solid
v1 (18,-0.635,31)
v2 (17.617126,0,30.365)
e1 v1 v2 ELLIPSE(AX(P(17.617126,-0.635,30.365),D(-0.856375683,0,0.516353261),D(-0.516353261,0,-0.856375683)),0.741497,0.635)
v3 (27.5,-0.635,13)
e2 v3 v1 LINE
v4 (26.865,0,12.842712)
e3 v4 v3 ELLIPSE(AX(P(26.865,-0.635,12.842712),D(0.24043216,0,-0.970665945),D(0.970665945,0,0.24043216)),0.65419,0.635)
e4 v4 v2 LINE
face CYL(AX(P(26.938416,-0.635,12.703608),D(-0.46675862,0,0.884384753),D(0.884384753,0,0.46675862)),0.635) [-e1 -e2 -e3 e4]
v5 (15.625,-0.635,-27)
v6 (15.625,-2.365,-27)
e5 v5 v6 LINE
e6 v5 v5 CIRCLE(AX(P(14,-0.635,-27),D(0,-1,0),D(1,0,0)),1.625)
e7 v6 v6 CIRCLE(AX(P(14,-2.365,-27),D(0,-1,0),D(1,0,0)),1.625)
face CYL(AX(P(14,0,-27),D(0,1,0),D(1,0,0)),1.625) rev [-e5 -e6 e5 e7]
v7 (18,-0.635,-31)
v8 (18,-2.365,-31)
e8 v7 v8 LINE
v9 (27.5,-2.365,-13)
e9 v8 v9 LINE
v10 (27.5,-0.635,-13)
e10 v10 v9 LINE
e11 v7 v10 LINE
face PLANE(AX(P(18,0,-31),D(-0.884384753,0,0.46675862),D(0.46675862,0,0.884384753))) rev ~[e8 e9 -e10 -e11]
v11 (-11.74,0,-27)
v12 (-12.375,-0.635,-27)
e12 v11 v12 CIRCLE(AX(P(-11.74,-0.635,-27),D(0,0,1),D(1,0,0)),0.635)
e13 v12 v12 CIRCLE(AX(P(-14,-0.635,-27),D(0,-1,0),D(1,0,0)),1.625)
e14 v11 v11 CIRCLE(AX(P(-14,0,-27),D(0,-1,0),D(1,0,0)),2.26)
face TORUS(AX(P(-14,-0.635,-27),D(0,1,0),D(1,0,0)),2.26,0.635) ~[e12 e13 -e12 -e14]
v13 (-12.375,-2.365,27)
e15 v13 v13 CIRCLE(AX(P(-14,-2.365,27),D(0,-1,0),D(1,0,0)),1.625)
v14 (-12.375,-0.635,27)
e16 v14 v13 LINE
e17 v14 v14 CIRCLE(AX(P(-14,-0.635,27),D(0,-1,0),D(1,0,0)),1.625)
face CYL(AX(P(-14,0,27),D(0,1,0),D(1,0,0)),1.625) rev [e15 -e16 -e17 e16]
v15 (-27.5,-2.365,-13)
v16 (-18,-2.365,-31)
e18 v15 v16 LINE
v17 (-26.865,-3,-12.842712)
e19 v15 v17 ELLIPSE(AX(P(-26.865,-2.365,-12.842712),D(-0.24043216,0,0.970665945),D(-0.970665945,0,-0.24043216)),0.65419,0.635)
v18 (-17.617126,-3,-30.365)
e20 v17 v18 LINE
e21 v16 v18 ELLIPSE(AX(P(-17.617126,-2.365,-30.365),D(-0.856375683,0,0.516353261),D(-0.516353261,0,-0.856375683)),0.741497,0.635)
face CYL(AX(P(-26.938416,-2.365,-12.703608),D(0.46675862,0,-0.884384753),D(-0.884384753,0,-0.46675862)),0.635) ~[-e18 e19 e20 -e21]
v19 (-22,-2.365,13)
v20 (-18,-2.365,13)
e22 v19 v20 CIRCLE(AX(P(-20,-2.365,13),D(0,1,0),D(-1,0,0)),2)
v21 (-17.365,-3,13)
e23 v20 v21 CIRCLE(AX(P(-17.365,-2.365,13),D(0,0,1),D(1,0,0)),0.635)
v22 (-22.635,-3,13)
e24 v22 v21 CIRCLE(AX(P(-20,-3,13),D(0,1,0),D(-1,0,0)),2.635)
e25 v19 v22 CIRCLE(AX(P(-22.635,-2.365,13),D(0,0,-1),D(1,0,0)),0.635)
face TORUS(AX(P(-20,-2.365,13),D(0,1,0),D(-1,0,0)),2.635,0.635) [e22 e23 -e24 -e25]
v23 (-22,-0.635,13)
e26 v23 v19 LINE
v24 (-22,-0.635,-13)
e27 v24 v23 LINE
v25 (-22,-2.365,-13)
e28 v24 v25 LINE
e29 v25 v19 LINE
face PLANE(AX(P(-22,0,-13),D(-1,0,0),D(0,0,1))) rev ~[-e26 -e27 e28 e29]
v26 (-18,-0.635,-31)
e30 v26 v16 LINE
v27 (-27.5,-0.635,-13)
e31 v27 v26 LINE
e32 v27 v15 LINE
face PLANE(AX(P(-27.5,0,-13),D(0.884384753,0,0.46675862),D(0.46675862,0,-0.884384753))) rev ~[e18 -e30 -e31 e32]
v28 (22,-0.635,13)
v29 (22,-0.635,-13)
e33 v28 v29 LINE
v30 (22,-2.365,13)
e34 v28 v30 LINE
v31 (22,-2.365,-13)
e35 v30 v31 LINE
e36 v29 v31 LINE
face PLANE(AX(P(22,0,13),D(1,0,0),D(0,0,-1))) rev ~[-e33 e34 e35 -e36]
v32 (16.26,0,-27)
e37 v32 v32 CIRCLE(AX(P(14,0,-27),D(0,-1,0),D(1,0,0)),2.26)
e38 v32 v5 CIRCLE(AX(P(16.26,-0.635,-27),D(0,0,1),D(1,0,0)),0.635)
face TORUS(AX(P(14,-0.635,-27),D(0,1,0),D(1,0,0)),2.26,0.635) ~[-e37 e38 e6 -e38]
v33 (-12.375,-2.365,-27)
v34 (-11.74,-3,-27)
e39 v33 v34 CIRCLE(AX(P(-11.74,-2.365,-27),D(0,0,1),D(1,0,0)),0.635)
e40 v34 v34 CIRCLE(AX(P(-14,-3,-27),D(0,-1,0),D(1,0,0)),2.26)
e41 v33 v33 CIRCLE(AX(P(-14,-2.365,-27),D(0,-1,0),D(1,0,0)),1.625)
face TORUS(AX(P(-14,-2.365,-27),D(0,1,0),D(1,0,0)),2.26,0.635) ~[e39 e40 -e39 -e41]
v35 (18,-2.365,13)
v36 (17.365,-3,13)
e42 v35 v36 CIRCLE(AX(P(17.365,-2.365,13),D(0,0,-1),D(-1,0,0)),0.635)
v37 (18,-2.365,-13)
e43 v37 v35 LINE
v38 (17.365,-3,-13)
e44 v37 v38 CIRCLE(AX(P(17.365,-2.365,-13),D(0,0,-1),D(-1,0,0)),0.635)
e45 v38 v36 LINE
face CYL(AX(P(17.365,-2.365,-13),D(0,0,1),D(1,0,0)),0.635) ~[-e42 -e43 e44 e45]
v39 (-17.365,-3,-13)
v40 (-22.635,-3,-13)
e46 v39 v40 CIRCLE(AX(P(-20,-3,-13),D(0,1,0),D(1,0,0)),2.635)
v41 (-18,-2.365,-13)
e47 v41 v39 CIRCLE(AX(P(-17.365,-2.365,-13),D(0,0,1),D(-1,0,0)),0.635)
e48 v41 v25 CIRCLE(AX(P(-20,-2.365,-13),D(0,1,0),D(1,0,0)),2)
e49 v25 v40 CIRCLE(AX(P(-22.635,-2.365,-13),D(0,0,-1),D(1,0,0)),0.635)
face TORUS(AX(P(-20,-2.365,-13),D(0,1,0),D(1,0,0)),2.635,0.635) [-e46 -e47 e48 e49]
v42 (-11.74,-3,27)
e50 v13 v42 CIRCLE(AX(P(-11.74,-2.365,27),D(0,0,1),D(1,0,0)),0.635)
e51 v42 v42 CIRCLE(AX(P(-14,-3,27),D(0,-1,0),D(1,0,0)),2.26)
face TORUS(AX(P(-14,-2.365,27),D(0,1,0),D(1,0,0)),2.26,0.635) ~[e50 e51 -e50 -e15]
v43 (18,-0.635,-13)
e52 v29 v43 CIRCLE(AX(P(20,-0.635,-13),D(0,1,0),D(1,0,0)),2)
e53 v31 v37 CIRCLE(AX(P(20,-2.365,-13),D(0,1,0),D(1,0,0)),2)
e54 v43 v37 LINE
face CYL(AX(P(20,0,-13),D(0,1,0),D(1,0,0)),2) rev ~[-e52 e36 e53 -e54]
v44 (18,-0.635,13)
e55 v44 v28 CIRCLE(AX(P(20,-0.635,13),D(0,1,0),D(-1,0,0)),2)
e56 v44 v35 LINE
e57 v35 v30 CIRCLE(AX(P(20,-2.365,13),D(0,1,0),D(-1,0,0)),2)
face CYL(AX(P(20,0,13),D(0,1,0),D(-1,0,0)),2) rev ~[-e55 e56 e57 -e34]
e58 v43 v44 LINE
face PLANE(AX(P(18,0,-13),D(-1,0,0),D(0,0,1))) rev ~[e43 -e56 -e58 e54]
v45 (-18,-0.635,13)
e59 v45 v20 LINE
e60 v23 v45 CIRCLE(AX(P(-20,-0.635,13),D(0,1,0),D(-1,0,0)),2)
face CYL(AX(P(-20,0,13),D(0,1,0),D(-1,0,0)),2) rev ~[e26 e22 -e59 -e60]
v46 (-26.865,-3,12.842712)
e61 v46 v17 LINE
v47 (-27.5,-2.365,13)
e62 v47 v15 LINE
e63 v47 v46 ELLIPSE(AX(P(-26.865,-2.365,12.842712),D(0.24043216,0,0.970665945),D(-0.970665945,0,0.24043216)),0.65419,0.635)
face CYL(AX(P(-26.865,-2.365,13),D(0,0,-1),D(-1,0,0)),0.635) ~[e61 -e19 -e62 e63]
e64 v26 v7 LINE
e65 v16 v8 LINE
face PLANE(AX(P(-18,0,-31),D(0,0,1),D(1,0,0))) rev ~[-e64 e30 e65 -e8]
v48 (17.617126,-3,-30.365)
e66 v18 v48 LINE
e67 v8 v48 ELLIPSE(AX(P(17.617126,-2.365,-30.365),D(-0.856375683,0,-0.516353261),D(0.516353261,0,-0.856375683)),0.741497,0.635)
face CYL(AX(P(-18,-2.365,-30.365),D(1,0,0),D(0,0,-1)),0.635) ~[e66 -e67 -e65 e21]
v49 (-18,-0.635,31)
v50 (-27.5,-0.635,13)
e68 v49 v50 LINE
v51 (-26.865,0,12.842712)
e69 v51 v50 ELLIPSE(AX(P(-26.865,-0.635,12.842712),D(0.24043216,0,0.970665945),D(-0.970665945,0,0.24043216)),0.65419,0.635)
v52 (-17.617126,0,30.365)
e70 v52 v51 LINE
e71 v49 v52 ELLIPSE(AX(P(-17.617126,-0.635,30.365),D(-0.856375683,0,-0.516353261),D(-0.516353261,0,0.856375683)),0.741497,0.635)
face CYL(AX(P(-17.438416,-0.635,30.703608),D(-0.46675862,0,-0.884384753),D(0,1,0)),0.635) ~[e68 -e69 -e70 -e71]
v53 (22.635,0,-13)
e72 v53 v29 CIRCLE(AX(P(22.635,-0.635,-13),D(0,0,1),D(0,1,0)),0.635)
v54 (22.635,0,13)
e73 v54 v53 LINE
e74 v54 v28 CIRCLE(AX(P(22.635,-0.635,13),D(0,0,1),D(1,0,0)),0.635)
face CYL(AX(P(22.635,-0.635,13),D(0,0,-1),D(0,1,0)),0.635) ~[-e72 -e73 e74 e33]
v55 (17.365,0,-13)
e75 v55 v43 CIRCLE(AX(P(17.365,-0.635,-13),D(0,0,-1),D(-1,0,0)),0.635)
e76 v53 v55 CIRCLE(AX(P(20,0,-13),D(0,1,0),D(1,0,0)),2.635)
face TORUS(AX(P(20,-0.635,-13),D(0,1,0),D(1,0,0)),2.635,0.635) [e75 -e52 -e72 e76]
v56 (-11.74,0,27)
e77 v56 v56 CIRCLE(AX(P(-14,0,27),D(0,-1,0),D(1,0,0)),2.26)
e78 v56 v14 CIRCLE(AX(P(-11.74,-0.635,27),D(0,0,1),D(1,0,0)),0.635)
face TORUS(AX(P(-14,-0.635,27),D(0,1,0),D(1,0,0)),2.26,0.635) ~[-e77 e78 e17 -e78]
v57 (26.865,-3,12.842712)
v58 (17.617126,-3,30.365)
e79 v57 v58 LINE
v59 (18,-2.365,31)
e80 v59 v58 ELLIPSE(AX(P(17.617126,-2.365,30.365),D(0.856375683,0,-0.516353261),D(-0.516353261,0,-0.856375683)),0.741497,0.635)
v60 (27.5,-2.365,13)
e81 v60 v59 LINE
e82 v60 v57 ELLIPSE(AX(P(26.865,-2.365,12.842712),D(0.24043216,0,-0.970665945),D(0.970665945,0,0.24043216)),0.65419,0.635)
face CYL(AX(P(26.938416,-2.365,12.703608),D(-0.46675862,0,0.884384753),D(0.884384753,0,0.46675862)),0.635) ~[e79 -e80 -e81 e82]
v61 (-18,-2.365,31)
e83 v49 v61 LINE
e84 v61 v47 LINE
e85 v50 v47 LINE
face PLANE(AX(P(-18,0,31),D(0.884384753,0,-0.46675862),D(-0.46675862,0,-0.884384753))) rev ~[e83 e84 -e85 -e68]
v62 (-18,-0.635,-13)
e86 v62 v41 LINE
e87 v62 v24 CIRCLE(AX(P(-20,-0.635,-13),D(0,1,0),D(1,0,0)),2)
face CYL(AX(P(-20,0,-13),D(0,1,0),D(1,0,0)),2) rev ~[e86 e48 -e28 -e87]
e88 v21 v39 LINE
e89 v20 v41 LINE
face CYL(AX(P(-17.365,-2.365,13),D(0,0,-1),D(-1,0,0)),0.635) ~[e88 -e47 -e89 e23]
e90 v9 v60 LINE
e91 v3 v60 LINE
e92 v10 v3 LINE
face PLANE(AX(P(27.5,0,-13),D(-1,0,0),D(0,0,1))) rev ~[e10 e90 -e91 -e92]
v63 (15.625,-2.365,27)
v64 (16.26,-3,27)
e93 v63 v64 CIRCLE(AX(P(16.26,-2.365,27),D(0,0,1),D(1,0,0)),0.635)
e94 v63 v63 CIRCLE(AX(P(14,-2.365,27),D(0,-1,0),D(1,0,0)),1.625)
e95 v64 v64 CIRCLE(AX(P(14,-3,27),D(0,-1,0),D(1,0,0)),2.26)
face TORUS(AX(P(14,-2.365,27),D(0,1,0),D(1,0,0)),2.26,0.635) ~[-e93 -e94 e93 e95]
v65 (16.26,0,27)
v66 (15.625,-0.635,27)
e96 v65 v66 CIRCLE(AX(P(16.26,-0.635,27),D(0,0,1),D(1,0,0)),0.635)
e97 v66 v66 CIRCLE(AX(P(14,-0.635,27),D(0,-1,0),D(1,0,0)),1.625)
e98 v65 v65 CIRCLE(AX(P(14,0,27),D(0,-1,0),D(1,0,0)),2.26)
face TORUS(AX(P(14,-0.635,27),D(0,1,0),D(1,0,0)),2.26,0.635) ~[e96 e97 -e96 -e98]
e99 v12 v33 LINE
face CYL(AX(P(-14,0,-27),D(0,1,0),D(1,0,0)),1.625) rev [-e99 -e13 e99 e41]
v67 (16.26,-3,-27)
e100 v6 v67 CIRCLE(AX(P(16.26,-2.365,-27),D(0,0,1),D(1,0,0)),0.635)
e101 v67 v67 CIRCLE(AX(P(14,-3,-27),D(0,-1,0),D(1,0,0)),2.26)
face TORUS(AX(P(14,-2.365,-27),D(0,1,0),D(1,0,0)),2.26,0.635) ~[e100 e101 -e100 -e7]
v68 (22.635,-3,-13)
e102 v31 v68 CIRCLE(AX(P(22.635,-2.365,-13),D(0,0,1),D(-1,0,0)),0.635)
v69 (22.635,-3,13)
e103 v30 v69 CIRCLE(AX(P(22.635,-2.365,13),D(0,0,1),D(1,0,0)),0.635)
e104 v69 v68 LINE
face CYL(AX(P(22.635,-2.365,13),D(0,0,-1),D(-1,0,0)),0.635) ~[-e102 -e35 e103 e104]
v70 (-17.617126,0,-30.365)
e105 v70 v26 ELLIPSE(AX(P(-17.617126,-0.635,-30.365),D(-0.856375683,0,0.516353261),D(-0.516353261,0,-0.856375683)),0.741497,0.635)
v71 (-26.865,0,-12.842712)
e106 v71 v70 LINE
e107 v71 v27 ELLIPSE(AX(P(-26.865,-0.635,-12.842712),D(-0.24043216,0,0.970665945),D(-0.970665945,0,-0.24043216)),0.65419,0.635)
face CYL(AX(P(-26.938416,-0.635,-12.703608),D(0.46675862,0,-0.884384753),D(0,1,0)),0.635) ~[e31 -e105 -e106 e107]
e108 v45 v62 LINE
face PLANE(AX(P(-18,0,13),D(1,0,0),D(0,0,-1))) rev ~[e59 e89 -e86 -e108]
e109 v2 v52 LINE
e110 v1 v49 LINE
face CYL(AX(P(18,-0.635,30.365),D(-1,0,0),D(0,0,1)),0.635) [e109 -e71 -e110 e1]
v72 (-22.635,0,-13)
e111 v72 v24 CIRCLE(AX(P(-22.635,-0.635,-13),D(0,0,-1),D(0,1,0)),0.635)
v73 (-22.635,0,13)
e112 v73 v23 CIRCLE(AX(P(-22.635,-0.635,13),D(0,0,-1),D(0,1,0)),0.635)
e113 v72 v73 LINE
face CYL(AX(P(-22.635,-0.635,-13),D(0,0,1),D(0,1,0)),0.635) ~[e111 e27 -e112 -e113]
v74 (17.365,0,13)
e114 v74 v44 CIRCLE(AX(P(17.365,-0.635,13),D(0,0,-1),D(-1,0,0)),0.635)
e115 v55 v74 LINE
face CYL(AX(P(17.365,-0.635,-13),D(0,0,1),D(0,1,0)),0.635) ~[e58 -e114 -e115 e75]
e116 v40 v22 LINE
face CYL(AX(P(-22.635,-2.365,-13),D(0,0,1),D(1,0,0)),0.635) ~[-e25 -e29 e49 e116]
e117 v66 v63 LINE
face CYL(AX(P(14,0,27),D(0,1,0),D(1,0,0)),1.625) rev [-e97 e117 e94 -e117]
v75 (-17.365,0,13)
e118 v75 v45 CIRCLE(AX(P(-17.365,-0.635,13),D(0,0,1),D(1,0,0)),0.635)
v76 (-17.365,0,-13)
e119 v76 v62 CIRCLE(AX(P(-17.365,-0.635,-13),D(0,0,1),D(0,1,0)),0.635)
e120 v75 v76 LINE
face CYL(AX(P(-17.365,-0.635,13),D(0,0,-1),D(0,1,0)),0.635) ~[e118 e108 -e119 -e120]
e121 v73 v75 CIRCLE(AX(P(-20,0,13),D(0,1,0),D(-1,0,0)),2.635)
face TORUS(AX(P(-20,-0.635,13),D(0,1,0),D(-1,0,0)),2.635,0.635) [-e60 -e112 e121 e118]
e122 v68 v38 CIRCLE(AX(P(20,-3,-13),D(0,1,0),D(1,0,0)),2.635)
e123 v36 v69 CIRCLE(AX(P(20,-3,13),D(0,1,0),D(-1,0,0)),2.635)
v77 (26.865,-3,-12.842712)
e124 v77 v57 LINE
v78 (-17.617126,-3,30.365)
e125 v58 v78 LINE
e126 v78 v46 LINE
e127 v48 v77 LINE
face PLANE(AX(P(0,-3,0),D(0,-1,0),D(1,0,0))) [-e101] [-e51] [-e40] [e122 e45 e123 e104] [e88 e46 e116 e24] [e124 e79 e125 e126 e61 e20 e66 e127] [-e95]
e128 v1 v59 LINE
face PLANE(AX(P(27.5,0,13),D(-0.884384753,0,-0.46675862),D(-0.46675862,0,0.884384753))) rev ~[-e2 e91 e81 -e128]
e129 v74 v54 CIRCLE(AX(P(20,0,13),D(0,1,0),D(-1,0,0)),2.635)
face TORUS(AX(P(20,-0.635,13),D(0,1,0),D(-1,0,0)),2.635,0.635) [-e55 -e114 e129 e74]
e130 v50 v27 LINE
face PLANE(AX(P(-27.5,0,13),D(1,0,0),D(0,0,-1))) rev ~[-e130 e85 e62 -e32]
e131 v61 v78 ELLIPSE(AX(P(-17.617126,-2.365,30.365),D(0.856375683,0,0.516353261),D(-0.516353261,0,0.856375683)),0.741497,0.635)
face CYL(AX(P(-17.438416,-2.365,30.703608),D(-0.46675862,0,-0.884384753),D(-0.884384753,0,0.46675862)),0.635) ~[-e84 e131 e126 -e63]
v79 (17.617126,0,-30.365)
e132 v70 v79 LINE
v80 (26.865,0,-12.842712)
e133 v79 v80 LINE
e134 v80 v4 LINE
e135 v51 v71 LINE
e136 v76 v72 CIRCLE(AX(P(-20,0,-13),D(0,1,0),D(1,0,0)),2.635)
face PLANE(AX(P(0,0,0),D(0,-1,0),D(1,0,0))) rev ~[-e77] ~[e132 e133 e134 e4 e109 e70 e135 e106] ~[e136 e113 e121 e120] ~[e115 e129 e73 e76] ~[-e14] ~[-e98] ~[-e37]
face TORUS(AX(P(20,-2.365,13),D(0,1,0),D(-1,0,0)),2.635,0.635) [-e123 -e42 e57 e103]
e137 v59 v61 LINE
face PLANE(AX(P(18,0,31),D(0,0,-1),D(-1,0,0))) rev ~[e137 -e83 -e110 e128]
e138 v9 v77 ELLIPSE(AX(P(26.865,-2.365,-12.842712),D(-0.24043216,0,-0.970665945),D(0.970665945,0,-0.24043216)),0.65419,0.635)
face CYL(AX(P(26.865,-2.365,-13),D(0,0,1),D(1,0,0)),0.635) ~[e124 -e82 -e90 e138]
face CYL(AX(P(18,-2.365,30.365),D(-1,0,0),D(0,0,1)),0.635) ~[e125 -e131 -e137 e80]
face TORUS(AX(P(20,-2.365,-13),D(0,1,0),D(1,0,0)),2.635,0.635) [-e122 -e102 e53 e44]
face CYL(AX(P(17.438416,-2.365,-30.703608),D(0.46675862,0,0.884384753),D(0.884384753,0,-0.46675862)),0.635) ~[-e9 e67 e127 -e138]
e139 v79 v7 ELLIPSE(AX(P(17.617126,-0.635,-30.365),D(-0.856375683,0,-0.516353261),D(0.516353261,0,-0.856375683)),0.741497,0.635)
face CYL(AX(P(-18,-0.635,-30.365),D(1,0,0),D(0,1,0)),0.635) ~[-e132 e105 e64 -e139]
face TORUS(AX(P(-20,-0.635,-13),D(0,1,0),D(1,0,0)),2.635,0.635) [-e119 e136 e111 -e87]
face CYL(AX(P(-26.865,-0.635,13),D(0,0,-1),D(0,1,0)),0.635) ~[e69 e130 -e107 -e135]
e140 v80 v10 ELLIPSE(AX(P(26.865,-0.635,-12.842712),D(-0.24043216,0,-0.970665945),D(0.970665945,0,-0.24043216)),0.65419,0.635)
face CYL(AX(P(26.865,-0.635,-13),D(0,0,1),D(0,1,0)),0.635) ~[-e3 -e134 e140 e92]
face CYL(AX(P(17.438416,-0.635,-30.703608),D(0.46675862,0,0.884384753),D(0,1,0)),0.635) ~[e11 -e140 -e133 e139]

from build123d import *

# Parameters (mm, degrees)
F0_R     = 1.625
F1_DEPTH = 3
F2_R     = 0.635
F3_R     = 0.635


with BuildPart() as f1:
    # F0 (on Front) → F1 (new body)
    with BuildSketch(Plane.XZ):
        Polygon((18, 31), (-18, 31), (-27.5, 13), (-27.5, -13), (-18, -31), (18, -31), (27.5, -13), (27.5, 13), align=None)
        with Locations((-14, -27)):
            Circle(F0_R, mode=Mode.SUBTRACT)
        with Locations((14, -27)):
            Circle(F0_R, mode=Mode.SUBTRACT)
        with BuildLine():
            Line((-22, -13), (-22, 13))
            ThreePointArc((-22, 13), (-20, 15), (-18, 13))
            Line((-18, 13), (-18, -13))
            ThreePointArc((-18, -13), (-20, -15), (-22, -13))
        make_face(mode=Mode.SUBTRACT)
        with Locations((-14, 27)):
            Circle(F0_R, mode=Mode.SUBTRACT)
        with BuildLine():
            ThreePointArc((18, 13), (20, 15), (22, 13))
            Line((22, 13), (22, -13))
            ThreePointArc((22, -13), (20, -15), (18, -13))
            Line((18, -13), (18, 13))
        make_face(mode=Mode.SUBTRACT)
        with Locations((14, 27)):
            Circle(F0_R, mode=Mode.SUBTRACT)
    extrude(amount=F1_DEPTH)

    # F2
    f2_edges = [f1.edges().sort_by_distance(p)[0] for p in [
        (0, -3, 31),
        (-22.75, -3, 22),
        (-27.5, -3, 0),
        (-22.75, -3, -22),
        (0, -3, -31),
        (22.75, -3, -22),
        (27.5, -3, 0),
        (22.75, -3, 22),
        (-15.625, -3, -27),
        (12.375, -3, -27),
        (-22, -3, 0),
        (-20, -3, 15),
        (-18, -3, 0),
        (-20, -3, -15),
        (-15.625, -3, 27),
        (20, -3, 15),
        (22, -3, 0),
        (20, -3, -15),
        (18, -3, 0),
        (12.375, -3, 27),
    ]]
    fillet(f2_edges, radius=F2_R)

    # F3
    f3_edges = [f1.edges().sort_by_distance(p)[0] for p in [
        (0, 0, 31),
        (-22.75, 0, 22),
        (-27.5, 0, 0),
        (-22.75, 0, -22),
        (0, 0, -31),
        (22.75, 0, -22),
        (27.5, 0, 0),
        (22.75, 0, 22),
        (-15.625, 0, -27),
        (12.375, 0, -27),
        (-22, 0, 0),
        (-20, 0, 15),
        (-18, 0, 0),
        (-20, 0, -15),
        (-15.625, 0, 27),
        (20, 0, 15),
        (22, 0, 0),
        (20, 0, -15),
        (18, 0, 0),
        (12.375, 0, 27),
    ]]
    fillet(f3_edges, radius=F3_R)


solid = f1.part
